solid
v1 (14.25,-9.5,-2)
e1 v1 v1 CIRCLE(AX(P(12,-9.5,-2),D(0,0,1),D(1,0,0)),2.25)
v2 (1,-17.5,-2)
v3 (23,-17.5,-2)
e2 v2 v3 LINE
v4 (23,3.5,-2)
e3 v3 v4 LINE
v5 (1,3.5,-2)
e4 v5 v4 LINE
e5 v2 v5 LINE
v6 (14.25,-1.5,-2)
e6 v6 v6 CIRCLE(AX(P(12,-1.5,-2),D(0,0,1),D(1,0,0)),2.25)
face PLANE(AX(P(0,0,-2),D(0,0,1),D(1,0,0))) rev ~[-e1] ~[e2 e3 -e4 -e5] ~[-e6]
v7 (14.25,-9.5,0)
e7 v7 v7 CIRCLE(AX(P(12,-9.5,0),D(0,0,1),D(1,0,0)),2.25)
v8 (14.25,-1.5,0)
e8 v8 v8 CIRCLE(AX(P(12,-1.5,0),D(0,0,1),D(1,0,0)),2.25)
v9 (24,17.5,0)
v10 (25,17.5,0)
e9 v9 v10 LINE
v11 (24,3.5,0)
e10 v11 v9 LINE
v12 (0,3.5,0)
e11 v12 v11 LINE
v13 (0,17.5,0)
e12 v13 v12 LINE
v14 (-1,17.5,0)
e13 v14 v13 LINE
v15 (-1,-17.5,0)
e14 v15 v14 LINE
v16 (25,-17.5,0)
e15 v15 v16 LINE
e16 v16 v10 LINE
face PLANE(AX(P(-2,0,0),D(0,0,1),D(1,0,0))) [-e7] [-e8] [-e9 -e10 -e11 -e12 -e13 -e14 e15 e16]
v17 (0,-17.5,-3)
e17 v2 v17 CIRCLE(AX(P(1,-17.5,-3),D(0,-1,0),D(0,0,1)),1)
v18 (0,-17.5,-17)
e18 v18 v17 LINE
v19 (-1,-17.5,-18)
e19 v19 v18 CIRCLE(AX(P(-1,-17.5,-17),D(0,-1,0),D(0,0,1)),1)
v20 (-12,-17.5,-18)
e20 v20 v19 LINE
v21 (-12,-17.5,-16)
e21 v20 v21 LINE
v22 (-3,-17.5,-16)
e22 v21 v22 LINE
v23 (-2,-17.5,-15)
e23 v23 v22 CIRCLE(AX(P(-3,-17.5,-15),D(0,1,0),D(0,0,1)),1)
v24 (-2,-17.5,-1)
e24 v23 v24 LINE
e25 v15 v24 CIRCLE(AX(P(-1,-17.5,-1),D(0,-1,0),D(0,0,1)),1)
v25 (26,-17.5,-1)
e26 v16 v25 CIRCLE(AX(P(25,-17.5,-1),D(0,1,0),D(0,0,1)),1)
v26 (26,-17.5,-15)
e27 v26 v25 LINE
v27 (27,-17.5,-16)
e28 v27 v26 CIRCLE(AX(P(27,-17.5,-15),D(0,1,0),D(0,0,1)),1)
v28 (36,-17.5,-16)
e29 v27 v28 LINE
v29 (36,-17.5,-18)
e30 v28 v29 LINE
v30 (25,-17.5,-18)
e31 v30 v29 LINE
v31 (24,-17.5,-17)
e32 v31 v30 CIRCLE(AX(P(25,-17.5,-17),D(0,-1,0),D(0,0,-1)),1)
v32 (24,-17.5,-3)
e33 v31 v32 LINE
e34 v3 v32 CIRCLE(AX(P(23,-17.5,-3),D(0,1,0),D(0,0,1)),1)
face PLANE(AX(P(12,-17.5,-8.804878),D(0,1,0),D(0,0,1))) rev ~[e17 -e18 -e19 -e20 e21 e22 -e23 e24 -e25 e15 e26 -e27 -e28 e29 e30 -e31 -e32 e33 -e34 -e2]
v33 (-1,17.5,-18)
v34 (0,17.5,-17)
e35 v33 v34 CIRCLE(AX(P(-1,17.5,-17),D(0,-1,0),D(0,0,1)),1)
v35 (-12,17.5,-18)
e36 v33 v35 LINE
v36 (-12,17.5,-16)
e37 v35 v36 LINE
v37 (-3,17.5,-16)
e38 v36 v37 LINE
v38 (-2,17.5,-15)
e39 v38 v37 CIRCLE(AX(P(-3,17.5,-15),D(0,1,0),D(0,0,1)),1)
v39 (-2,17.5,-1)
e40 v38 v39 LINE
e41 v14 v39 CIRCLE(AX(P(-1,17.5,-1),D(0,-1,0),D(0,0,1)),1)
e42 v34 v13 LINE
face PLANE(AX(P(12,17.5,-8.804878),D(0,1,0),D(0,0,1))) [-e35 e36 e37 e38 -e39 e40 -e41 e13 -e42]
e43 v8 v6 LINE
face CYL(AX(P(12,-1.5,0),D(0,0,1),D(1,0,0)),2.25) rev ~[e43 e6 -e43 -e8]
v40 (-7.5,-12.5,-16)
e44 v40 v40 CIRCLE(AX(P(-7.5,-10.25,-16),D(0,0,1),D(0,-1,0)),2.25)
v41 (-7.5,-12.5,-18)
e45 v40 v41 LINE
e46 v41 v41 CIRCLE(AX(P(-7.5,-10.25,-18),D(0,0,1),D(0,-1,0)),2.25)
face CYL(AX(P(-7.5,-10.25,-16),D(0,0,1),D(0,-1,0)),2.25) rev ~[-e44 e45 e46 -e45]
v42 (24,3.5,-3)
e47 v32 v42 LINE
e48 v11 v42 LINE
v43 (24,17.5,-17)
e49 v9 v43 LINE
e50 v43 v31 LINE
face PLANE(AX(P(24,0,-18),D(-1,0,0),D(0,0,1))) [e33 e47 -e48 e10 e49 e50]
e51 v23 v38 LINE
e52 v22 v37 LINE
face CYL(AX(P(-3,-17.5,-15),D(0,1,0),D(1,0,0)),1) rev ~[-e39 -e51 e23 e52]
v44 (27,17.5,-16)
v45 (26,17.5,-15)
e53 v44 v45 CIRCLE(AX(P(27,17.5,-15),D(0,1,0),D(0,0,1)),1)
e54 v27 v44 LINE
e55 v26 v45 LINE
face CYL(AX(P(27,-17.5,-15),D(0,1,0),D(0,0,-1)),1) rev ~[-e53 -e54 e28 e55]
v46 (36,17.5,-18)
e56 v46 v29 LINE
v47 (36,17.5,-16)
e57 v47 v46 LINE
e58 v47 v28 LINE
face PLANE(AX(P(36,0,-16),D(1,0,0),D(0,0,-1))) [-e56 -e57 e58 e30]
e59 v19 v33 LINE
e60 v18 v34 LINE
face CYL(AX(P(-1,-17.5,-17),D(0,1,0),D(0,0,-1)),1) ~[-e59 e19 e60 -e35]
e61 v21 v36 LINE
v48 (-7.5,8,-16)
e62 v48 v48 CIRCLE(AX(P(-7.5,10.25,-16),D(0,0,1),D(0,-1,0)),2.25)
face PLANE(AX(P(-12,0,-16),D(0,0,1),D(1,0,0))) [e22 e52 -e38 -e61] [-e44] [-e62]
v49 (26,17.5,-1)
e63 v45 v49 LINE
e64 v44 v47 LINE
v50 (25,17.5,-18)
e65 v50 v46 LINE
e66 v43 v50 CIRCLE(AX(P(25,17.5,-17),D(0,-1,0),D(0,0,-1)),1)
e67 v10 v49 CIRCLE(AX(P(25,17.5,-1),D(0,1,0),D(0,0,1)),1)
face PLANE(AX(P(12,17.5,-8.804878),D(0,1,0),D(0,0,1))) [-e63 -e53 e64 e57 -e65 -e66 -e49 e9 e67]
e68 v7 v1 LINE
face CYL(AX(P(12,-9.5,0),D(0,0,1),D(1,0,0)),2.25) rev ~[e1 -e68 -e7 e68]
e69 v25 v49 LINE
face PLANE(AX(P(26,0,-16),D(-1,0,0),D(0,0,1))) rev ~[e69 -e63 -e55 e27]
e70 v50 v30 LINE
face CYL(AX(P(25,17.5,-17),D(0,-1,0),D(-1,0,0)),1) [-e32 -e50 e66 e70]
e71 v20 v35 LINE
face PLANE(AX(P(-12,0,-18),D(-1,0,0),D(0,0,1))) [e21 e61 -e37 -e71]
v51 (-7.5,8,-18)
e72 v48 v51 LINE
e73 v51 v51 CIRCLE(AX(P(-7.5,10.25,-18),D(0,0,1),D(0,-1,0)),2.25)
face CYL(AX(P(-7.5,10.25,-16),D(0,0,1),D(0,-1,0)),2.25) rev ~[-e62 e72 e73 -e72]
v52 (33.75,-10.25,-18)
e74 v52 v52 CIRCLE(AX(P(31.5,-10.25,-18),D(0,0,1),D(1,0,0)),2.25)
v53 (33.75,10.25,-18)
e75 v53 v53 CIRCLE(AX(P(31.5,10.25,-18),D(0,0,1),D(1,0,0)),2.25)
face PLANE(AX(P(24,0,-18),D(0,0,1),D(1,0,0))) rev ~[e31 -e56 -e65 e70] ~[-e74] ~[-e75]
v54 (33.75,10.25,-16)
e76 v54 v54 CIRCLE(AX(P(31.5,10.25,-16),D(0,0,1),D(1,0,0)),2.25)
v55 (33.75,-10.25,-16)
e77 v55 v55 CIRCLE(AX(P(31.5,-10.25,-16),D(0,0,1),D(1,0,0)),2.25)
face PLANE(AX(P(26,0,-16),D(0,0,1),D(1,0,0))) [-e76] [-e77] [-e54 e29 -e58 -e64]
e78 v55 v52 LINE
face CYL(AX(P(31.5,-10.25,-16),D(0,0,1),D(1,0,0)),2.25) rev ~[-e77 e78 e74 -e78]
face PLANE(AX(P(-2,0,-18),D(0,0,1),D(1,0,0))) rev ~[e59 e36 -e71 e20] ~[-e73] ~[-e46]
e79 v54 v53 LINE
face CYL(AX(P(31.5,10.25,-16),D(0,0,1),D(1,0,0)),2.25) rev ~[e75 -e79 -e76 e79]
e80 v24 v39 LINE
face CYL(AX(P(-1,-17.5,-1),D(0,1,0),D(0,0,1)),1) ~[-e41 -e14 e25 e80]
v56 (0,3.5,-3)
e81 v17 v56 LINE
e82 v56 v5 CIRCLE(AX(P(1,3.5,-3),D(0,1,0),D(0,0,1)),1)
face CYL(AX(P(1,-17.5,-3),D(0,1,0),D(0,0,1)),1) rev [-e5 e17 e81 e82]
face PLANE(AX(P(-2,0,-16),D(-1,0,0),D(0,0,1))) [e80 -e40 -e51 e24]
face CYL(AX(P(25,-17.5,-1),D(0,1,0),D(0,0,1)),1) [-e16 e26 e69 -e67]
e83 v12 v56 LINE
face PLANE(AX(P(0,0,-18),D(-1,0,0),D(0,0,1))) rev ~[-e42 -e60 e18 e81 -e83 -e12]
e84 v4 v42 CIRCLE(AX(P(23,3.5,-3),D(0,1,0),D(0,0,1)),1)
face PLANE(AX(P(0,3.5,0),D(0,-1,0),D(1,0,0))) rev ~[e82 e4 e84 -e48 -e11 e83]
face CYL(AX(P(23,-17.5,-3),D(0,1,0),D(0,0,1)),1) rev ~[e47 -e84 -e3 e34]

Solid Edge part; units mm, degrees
sketch "Sketch1" plane through (0, 0, 0) normal (0, -1, 0) x (1, 0, 0)
  line L0 (24, -18) -> (24, -2)
  line L1 (0, -2) -> (24, -2)
  line L2 (0, -18) -> (0, -2)
  line L3 (-2, -18) -> (0, -18)
  line L4 (-2, -18) -> (-12, -18)
  line L5 (-12, -18) -> (-12, -16)
  line L6 (-12, -16) -> (-2, -16)
  line L7 (-2, -16) -> (-2, 0)
  line L8 (-2, 0) -> (26, 0)
  line L9 (26, -16) -> (26, 0)
  line L10 (26, -16) -> (36, -16)
  line L11 (36, -16) -> (36, -18)
  line L12 (24, -18) -> (36, -18)
extrude "Protrusion1" add sketch "Sketch1" along normal mid plane 35
fillet "CurvePart" radius 1 1 edges at (26, 0, 0)
fillet "CurvePart2" radius 1 1 edges at (-2, 0, 0)
fillet "CurvePart3" radius 1 1 edges at (-2, 0, -16)
fillet "CurvePart4" radius 1 1 edges at (0, 0, -18)
fillet "CurvePart5" radius 1 1 edges at (24, 0, -18)
fillet "CurvePart6" radius 1 1 edges at (26, 0, -16)
fillet "CurvePart7" radius 1 1 edges at (0, 0, -2)
fillet "CurvePart8" radius 1 1 edges at (24, 0, -2)
sketch "Sketch2" plane through (12, 0, 0) normal (0, 0, 1) x (0, -1, 0)
  line L0 (-17.5, -12) -> (-3.5, -12)
  line L1 (-3.5, -12) -> (-3.5, 12)
  line L2 (-3.5, 12) -> (-17.5, 12)
  line L3 (-17.5, 12) -> (-17.5, -12)
extrude "CutOffTopPart" cut sketch "Sketch2" against normal blind 4
sketch "Sketch3" plane through (-7.5, 0, -16) normal (0, 0, 1) x (0, -1, 0)
  circle A0 centre (-10.25, 0) radius 2.25
  circle A1 centre (10.25, 0) radius 2.25
extrude "v_2Holes_Left" cut sketch "Sketch3" against normal blind 2
sketch "Sketch4" plane through (31.5, 0, -16) normal (0, 0, 1) x (1, 0, 0)
  circle A0 centre (0, -10.25) radius 2.25
  circle A1 centre (0, 10.25) radius 2.25
extrude "v_2Holes_Right" cut sketch "Sketch4" against normal blind 2
sketch "Sketch5" plane through (12, 0, 0) normal (0, 0, 1) x (1, 0, 0)
  circle A0 centre (0, -1.5) radius 2.25
  circle A1 centre (0, -9.5) radius 2.25
extrude "v_2Holes_Middle" cut sketch "Sketch5" against normal blind 2
